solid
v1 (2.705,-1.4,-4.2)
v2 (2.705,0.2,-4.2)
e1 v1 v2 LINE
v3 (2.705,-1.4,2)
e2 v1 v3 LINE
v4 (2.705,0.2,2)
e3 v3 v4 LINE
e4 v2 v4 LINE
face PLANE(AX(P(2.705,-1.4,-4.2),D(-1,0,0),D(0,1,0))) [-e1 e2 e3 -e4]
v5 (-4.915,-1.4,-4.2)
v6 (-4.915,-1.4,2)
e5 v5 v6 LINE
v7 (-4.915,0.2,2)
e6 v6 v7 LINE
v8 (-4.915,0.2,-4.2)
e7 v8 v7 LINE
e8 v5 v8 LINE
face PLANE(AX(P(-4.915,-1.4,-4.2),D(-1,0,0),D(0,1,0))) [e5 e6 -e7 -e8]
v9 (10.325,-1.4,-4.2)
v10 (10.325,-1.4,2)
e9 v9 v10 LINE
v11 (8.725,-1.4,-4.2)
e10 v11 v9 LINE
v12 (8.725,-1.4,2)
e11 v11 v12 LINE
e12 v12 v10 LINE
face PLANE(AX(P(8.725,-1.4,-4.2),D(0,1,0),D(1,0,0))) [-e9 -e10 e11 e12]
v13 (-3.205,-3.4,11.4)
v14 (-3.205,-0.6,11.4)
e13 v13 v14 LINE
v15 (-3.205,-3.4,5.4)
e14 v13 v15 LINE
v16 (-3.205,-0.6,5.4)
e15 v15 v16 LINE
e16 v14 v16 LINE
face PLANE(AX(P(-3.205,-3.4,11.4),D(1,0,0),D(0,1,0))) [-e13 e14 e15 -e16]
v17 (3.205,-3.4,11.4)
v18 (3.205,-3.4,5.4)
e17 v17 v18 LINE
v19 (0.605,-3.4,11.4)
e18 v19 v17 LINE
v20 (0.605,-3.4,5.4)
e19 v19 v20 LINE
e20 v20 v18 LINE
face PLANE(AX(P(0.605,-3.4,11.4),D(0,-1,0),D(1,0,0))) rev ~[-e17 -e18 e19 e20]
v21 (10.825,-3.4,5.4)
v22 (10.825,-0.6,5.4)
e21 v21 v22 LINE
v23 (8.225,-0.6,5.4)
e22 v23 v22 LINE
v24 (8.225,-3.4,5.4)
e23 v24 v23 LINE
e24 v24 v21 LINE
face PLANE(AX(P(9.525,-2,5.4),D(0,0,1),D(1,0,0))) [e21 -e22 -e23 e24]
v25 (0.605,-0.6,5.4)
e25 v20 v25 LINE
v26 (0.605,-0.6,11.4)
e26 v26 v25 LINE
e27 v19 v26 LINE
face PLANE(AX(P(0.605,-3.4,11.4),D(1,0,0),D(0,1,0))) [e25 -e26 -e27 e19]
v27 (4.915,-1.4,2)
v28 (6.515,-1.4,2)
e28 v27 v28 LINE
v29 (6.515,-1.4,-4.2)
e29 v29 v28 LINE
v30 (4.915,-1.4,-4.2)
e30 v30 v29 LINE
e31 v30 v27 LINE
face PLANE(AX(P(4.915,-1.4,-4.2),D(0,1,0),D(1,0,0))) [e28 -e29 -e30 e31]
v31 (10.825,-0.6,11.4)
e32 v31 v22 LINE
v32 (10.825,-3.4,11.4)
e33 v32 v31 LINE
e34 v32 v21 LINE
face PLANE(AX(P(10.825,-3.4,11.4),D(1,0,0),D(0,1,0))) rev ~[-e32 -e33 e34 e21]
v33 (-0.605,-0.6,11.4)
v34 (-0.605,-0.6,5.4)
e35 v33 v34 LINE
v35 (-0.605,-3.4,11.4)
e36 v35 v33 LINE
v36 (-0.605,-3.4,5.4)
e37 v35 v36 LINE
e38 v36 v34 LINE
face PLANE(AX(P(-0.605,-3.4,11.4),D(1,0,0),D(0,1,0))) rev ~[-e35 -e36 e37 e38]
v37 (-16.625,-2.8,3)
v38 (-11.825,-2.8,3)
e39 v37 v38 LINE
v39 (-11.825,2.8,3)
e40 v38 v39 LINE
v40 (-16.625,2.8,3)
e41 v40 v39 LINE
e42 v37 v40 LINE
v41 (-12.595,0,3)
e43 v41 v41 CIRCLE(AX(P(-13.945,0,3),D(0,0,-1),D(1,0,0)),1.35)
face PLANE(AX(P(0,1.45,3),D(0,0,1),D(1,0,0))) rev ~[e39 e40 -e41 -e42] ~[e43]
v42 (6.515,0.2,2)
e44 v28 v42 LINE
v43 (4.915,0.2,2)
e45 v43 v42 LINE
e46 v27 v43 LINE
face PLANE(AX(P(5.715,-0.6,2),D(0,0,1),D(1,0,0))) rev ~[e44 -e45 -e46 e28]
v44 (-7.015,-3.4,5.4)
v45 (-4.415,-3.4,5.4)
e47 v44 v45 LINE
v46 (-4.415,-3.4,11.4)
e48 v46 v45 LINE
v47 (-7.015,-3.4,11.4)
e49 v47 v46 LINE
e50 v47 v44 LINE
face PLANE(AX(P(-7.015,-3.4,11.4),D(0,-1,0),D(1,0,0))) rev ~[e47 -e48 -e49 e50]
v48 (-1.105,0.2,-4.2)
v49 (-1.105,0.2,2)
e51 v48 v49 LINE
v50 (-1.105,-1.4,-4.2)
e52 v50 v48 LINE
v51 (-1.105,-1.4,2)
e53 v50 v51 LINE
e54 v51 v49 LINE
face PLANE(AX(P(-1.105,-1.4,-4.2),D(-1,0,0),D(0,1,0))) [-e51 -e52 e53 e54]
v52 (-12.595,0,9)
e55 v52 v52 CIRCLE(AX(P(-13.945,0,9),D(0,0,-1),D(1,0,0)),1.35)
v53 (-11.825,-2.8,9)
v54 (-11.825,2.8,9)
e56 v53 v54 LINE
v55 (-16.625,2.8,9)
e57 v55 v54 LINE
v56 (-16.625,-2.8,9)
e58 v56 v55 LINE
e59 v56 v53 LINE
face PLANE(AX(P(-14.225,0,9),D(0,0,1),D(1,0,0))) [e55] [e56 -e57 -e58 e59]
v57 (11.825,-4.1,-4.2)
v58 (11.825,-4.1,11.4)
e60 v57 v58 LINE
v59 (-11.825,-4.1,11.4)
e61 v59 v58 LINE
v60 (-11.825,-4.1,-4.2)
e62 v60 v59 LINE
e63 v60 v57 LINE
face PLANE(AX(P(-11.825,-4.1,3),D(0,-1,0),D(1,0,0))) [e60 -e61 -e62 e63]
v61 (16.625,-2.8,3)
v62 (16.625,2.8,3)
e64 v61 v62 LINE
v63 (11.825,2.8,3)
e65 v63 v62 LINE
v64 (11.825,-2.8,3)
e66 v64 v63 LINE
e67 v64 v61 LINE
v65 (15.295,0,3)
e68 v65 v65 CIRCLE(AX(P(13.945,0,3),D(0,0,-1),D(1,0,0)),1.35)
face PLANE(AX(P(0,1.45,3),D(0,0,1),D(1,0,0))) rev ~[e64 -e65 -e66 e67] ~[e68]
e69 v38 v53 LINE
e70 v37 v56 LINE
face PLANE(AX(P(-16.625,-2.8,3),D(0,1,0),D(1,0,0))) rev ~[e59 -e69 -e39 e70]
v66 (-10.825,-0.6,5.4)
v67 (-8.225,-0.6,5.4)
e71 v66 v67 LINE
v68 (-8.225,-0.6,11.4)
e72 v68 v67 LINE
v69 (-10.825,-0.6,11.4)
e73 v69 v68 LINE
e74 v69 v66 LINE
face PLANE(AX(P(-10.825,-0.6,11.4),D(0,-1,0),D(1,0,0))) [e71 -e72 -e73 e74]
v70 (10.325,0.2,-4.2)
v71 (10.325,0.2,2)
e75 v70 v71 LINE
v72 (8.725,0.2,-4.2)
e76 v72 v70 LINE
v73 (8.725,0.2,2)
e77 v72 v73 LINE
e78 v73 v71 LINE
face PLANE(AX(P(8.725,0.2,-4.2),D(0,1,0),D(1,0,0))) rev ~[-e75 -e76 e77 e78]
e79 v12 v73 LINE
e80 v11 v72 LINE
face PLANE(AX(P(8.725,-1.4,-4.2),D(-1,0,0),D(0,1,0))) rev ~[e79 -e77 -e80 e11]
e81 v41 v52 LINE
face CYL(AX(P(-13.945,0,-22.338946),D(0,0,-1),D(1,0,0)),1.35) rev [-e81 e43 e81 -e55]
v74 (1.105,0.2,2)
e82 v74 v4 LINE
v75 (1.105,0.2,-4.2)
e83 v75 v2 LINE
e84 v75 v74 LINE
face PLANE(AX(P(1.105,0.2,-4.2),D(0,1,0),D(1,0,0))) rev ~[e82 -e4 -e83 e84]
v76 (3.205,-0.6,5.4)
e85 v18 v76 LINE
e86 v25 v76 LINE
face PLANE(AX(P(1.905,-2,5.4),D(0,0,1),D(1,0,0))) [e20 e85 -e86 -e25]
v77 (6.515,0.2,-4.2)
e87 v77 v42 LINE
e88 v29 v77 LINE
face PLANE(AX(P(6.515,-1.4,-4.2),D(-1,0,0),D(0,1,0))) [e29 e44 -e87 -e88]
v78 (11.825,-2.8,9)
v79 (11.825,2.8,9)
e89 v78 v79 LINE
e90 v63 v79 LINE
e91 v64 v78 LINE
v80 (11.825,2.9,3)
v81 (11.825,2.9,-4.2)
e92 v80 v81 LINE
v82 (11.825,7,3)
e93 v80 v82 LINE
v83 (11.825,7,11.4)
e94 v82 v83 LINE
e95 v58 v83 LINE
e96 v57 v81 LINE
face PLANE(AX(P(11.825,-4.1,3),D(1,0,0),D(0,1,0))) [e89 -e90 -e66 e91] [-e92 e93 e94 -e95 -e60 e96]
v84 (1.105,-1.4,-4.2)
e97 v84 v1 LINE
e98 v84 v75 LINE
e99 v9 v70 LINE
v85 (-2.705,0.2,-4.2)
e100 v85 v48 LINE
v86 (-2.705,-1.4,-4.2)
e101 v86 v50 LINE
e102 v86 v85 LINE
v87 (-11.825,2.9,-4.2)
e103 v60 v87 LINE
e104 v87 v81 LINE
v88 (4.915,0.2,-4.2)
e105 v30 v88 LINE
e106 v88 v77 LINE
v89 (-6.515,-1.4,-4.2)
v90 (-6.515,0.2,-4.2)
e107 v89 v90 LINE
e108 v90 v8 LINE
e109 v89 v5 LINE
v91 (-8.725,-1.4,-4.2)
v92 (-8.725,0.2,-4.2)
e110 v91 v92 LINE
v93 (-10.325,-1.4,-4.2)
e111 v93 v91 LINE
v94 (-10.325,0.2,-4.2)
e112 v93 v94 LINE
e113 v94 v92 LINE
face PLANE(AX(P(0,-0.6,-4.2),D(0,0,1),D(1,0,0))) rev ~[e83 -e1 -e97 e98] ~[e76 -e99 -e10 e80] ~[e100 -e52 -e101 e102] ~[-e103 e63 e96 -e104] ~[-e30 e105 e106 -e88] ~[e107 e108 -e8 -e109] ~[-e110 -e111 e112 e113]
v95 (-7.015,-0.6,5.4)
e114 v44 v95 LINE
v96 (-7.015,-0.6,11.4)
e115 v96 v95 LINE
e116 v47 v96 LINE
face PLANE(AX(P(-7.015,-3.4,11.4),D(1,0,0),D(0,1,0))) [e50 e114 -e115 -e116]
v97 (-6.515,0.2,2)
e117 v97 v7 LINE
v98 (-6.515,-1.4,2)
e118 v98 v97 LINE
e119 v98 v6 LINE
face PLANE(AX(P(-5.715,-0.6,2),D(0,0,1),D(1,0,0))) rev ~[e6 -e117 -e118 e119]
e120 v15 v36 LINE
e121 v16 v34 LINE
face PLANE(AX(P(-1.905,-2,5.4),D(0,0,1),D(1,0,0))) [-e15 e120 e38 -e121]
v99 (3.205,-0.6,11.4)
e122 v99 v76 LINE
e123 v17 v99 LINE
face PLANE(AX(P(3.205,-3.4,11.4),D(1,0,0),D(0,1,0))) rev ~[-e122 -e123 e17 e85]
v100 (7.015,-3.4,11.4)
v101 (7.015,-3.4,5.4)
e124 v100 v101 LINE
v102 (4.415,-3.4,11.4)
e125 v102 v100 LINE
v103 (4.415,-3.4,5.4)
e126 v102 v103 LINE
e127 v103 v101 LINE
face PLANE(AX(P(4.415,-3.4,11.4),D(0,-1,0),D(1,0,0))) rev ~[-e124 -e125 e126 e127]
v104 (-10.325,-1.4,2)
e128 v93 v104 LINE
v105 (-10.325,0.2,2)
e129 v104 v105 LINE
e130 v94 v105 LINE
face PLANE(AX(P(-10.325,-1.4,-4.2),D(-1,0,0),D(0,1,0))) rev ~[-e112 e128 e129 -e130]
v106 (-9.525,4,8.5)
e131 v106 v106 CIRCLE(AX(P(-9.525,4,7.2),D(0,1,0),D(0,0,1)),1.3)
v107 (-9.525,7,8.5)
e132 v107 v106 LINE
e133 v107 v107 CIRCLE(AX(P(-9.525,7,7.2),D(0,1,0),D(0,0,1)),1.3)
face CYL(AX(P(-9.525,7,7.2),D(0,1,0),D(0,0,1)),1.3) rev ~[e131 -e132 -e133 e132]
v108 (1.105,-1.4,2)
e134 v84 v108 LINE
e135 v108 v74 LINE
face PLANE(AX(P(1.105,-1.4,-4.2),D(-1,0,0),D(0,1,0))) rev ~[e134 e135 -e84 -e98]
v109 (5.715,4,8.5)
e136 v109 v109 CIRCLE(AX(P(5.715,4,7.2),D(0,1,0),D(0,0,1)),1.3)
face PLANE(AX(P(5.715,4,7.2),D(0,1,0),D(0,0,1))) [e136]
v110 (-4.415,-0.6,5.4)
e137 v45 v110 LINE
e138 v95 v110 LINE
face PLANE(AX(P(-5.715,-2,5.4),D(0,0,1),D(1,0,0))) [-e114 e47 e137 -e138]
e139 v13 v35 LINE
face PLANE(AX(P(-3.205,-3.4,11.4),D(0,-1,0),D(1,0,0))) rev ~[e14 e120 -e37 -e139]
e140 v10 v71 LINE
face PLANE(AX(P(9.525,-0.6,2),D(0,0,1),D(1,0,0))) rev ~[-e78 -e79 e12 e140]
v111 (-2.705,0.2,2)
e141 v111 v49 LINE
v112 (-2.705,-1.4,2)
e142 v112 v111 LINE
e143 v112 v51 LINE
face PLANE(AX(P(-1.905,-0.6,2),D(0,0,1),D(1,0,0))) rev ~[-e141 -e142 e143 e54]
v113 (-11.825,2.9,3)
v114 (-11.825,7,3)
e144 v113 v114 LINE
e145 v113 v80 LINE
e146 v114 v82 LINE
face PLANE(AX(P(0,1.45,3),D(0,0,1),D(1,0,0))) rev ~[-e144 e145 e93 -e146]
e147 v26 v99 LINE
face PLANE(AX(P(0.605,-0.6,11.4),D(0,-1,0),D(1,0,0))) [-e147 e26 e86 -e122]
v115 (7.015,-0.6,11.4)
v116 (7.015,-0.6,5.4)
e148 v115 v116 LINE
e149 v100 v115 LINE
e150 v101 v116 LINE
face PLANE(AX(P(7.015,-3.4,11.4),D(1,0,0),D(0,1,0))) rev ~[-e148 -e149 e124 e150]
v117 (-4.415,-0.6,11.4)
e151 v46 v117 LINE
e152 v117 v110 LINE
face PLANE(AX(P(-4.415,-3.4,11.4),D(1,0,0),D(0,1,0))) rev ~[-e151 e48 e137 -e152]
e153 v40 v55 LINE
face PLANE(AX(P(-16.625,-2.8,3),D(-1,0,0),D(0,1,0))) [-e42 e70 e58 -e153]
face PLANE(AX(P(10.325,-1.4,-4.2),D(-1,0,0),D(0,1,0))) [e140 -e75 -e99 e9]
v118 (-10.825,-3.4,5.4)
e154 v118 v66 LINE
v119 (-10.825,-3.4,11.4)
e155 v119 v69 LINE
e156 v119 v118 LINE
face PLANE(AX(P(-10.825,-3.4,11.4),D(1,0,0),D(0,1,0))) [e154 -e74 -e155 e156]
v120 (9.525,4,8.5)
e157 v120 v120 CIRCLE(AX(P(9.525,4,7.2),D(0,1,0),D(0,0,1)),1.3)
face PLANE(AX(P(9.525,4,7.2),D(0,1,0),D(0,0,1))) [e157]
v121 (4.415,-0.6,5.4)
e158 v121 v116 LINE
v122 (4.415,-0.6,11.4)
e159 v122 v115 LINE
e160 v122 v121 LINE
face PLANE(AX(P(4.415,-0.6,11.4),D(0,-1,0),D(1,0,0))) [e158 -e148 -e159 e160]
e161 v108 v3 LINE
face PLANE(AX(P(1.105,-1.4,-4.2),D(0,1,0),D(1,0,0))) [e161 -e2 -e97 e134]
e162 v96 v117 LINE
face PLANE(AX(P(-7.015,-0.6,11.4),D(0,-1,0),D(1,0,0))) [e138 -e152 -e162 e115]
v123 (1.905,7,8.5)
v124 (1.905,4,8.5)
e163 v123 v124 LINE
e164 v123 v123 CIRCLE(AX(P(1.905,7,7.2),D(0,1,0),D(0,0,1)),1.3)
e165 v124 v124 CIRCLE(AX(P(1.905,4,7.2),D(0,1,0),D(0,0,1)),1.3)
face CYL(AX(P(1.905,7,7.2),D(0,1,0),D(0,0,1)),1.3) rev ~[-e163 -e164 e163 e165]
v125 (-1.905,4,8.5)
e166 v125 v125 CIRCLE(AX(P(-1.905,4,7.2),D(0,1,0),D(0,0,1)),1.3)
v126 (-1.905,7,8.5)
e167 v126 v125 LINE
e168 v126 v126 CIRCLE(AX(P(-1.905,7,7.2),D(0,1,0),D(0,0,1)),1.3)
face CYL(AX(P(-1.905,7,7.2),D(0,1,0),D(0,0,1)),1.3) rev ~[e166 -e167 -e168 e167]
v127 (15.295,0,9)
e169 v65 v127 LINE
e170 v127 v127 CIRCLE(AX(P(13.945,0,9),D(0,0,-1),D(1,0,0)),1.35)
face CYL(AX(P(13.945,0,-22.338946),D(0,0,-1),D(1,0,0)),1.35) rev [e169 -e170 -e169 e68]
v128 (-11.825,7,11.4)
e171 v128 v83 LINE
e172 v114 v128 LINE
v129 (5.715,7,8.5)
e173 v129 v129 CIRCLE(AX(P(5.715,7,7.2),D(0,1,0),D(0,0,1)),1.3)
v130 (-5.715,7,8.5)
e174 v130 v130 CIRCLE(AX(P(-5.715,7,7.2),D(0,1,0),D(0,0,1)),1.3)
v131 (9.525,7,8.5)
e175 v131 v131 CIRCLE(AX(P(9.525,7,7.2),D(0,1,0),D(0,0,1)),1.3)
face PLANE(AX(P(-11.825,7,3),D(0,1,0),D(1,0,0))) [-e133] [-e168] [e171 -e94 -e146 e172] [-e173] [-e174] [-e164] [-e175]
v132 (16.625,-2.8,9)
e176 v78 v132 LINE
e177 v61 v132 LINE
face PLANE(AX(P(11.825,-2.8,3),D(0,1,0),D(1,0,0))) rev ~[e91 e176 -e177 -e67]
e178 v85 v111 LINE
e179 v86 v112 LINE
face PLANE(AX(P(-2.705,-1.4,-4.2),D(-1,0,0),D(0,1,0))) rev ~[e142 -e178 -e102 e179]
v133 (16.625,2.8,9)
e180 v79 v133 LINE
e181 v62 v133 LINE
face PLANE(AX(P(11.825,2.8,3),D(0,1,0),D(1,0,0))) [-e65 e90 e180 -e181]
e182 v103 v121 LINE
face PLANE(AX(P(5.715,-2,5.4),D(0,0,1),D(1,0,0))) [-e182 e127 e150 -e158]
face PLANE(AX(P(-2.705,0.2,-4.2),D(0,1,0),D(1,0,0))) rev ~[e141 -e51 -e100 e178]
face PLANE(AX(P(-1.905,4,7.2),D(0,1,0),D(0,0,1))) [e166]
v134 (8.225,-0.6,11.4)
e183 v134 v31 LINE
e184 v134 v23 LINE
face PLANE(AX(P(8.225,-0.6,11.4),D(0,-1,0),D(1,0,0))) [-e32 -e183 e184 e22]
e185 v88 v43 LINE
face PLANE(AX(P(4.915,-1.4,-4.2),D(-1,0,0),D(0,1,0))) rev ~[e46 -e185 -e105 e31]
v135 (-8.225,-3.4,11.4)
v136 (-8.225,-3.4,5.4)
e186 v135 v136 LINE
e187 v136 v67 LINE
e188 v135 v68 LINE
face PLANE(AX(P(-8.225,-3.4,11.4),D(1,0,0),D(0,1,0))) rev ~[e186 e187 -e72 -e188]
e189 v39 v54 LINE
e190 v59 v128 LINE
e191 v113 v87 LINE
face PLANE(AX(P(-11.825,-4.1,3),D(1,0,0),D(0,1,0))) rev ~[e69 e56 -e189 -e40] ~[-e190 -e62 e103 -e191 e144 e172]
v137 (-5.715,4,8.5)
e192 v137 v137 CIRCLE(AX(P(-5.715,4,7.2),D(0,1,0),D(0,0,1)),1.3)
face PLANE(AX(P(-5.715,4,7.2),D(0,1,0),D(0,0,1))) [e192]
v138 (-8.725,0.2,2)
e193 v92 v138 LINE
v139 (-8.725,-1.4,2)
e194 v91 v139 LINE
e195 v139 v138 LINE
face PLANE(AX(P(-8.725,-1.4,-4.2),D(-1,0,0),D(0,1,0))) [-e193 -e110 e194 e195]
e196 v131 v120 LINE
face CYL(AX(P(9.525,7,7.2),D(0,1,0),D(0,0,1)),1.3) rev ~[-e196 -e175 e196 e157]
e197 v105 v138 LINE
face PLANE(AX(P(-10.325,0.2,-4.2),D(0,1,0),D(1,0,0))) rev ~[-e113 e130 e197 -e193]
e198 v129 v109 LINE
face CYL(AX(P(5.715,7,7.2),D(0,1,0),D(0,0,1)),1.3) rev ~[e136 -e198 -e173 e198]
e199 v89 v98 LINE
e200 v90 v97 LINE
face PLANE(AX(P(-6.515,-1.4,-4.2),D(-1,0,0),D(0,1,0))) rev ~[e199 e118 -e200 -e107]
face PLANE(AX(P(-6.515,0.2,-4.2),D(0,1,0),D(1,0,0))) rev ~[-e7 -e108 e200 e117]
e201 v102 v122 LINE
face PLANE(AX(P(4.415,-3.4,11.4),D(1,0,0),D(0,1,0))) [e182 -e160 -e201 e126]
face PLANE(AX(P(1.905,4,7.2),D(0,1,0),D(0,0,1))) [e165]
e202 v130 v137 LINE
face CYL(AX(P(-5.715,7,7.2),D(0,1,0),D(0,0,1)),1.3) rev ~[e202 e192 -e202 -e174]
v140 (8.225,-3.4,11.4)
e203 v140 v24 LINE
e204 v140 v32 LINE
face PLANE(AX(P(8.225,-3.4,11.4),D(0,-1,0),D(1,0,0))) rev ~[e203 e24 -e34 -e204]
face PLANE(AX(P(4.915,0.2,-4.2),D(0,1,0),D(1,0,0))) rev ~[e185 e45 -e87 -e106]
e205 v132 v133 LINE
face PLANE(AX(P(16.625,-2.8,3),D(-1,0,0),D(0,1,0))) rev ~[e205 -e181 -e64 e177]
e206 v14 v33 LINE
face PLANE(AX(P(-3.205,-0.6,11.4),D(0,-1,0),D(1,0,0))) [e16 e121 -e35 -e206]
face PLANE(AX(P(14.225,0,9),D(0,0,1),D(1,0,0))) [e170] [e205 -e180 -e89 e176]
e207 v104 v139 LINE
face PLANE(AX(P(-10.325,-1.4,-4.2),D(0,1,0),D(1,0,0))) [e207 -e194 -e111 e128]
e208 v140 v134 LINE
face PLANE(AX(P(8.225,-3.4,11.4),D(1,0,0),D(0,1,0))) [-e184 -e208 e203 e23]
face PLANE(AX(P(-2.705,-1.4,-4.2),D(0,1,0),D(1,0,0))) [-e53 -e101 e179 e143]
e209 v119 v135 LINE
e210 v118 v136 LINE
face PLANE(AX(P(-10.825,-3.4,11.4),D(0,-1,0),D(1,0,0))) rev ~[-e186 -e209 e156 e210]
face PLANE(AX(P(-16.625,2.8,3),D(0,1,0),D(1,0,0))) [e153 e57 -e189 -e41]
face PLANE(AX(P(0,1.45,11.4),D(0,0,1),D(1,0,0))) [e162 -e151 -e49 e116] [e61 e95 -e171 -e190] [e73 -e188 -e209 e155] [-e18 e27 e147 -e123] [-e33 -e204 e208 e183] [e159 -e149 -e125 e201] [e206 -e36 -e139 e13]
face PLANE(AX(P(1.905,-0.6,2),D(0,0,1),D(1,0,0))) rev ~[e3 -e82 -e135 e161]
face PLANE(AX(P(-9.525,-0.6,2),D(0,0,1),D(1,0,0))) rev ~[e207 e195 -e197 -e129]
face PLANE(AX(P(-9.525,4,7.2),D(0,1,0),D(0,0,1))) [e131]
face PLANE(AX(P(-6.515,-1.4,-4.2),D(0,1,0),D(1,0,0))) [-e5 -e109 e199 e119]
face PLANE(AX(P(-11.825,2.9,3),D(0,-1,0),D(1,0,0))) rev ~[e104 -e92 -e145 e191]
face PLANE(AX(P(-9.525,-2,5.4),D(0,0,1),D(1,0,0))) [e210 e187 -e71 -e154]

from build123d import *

# Parameters (mm, degrees)
SK_BODY_W                     = 23.65
SK_BODY_H                     = 11.1
BODY_DEPTH                    = 8.4
SK_FLANGE_EARS_W              = 4.8
SK_FLANGE_EARS_H              = 5.6
FLANGE_EARS_DEPTH             = 6
SK_NOSE_W                     = 23.65
SK_NOSE_H                     = 7
NOSE_DEPTH                    = 7.2
FLANGE_SCREW_HOLES_DEPTH      = 22.338946202
FLANGE_SCREW_HOLES_DEPTH_BACK = 22.338946202
SK_FLANGE_SCREW_HOLES_R       = 1.35
SK_WIRE_ENTRIES_W             = 2.6
SK_WIRE_ENTRIES_H             = 2.8
WIRE_ENTRIES_DEPTH            = 6
SK_CONTACT_OPENINGS_W         = 1.6
SK_CONTACT_OPENINGS_H         = 1.6
CONTACT_OPENINGS_DEPTH        = 6.2
SK_CLAMP_SCREW_HOLES_R        = 1.3
CLAMP_SCREW_HOLES_DEPTH       = 3


with BuildPart() as part:
    # SK Body → Body (new body)
    with BuildSketch(Plane.XY.offset(3)):
        with Locations((0, 1.45)):
            Rectangle(SK_BODY_W, SK_BODY_H)
    extrude(amount=BODY_DEPTH)

    # SK Flange ears → Flange ears (add)
    with BuildSketch(Plane.XY.offset(3)):
        with Locations((14.225, 0)):
            Rectangle(SK_FLANGE_EARS_W, SK_FLANGE_EARS_H)
        with Locations((-14.225, 0)):
            Rectangle(SK_FLANGE_EARS_W, SK_FLANGE_EARS_H)
    extrude(amount=FLANGE_EARS_DEPTH)

    # SK Nose → Nose (add)
    with BuildSketch(Plane.XY.offset(3)):
        with Locations((0, -0.6)):
            Rectangle(SK_NOSE_W, SK_NOSE_H)
    extrude(amount=-NOSE_DEPTH)

    # SK Flange screw holes → Flange screw holes (cut, two sides: drawn at the far end of the back side and taken through both)
    with BuildSketch(Plane.XY.offset(-FLANGE_SCREW_HOLES_DEPTH_BACK)):
        with Locations((-13.945, 0)):
            Circle(SK_FLANGE_SCREW_HOLES_R)
        with Locations((13.945, 0)):
            Circle(SK_FLANGE_SCREW_HOLES_R)
    extrude(amount=FLANGE_SCREW_HOLES_DEPTH + FLANGE_SCREW_HOLES_DEPTH_BACK, mode=Mode.SUBTRACT)

    # SK Wire entries → Wire entries (cut)
    with BuildSketch(Plane.XY.offset(11.4)):
        with Locations((-9.525, -2)):
            Rectangle(SK_WIRE_ENTRIES_W, SK_WIRE_ENTRIES_H)
        with Locations((-5.715, -2)):
            Rectangle(SK_WIRE_ENTRIES_W, SK_WIRE_ENTRIES_H)
        with Locations((-1.905, -2)):
            Rectangle(SK_WIRE_ENTRIES_W, SK_WIRE_ENTRIES_H)
        with Locations((1.905, -2)):
            Rectangle(SK_WIRE_ENTRIES_W, SK_WIRE_ENTRIES_H)
        with Locations((5.715, -2)):
            Rectangle(SK_WIRE_ENTRIES_W, SK_WIRE_ENTRIES_H)
        with Locations((9.525, -2)):
            Rectangle(SK_WIRE_ENTRIES_W, SK_WIRE_ENTRIES_H)
    extrude(amount=-WIRE_ENTRIES_DEPTH, mode=Mode.SUBTRACT)

    # SK Contact openings → Contact openings (cut)
    with BuildSketch(Plane.XY.offset(-4.2)):
        with Locations((-9.525, -0.6)):
            Rectangle(SK_CONTACT_OPENINGS_W, SK_CONTACT_OPENINGS_H)
        with Locations((-5.715, -0.6)):
            Rectangle(SK_CONTACT_OPENINGS_W, SK_CONTACT_OPENINGS_H)
        with Locations((-1.905, -0.6)):
            Rectangle(SK_CONTACT_OPENINGS_W, SK_CONTACT_OPENINGS_H)
        with Locations((1.905, -0.6)):
            Rectangle(SK_CONTACT_OPENINGS_W, SK_CONTACT_OPENINGS_H)
        with Locations((5.715, -0.6)):
            Rectangle(SK_CONTACT_OPENINGS_W, SK_CONTACT_OPENINGS_H)
        with Locations((9.525, -0.6)):
            Rectangle(SK_CONTACT_OPENINGS_W, SK_CONTACT_OPENINGS_H)
    extrude(amount=CONTACT_OPENINGS_DEPTH, mode=Mode.SUBTRACT)

    # SK Clamp screw holes → Clamp screw holes (cut)
    with BuildSketch(Plane(origin=(0, 7, 0), x_dir=(1, 0, 0), z_dir=(0, 1, 0))):
        with Locations(Location((-9.525, -7.2, 0), (0, 0, 270))):
            Circle(SK_CLAMP_SCREW_HOLES_R)
        with Locations(Location((-5.715, -7.2, 0), (0, 0, 270))):
            Circle(SK_CLAMP_SCREW_HOLES_R)
        with Locations(Location((-1.905, -7.2, 0), (0, 0, 270))):
            Circle(SK_CLAMP_SCREW_HOLES_R)
        with Locations(Location((1.905, -7.2, 0), (0, 0, 270))):
            Circle(SK_CLAMP_SCREW_HOLES_R)
        with Locations(Location((5.715, -7.2, 0), (0, 0, 270))):
            Circle(SK_CLAMP_SCREW_HOLES_R)
        with Locations(Location((9.525, -7.2, 0), (0, 0, 270))):
            Circle(SK_CLAMP_SCREW_HOLES_R)
    extrude(amount=-CLAMP_SCREW_HOLES_DEPTH, mode=Mode.SUBTRACT)


solid = part.part
